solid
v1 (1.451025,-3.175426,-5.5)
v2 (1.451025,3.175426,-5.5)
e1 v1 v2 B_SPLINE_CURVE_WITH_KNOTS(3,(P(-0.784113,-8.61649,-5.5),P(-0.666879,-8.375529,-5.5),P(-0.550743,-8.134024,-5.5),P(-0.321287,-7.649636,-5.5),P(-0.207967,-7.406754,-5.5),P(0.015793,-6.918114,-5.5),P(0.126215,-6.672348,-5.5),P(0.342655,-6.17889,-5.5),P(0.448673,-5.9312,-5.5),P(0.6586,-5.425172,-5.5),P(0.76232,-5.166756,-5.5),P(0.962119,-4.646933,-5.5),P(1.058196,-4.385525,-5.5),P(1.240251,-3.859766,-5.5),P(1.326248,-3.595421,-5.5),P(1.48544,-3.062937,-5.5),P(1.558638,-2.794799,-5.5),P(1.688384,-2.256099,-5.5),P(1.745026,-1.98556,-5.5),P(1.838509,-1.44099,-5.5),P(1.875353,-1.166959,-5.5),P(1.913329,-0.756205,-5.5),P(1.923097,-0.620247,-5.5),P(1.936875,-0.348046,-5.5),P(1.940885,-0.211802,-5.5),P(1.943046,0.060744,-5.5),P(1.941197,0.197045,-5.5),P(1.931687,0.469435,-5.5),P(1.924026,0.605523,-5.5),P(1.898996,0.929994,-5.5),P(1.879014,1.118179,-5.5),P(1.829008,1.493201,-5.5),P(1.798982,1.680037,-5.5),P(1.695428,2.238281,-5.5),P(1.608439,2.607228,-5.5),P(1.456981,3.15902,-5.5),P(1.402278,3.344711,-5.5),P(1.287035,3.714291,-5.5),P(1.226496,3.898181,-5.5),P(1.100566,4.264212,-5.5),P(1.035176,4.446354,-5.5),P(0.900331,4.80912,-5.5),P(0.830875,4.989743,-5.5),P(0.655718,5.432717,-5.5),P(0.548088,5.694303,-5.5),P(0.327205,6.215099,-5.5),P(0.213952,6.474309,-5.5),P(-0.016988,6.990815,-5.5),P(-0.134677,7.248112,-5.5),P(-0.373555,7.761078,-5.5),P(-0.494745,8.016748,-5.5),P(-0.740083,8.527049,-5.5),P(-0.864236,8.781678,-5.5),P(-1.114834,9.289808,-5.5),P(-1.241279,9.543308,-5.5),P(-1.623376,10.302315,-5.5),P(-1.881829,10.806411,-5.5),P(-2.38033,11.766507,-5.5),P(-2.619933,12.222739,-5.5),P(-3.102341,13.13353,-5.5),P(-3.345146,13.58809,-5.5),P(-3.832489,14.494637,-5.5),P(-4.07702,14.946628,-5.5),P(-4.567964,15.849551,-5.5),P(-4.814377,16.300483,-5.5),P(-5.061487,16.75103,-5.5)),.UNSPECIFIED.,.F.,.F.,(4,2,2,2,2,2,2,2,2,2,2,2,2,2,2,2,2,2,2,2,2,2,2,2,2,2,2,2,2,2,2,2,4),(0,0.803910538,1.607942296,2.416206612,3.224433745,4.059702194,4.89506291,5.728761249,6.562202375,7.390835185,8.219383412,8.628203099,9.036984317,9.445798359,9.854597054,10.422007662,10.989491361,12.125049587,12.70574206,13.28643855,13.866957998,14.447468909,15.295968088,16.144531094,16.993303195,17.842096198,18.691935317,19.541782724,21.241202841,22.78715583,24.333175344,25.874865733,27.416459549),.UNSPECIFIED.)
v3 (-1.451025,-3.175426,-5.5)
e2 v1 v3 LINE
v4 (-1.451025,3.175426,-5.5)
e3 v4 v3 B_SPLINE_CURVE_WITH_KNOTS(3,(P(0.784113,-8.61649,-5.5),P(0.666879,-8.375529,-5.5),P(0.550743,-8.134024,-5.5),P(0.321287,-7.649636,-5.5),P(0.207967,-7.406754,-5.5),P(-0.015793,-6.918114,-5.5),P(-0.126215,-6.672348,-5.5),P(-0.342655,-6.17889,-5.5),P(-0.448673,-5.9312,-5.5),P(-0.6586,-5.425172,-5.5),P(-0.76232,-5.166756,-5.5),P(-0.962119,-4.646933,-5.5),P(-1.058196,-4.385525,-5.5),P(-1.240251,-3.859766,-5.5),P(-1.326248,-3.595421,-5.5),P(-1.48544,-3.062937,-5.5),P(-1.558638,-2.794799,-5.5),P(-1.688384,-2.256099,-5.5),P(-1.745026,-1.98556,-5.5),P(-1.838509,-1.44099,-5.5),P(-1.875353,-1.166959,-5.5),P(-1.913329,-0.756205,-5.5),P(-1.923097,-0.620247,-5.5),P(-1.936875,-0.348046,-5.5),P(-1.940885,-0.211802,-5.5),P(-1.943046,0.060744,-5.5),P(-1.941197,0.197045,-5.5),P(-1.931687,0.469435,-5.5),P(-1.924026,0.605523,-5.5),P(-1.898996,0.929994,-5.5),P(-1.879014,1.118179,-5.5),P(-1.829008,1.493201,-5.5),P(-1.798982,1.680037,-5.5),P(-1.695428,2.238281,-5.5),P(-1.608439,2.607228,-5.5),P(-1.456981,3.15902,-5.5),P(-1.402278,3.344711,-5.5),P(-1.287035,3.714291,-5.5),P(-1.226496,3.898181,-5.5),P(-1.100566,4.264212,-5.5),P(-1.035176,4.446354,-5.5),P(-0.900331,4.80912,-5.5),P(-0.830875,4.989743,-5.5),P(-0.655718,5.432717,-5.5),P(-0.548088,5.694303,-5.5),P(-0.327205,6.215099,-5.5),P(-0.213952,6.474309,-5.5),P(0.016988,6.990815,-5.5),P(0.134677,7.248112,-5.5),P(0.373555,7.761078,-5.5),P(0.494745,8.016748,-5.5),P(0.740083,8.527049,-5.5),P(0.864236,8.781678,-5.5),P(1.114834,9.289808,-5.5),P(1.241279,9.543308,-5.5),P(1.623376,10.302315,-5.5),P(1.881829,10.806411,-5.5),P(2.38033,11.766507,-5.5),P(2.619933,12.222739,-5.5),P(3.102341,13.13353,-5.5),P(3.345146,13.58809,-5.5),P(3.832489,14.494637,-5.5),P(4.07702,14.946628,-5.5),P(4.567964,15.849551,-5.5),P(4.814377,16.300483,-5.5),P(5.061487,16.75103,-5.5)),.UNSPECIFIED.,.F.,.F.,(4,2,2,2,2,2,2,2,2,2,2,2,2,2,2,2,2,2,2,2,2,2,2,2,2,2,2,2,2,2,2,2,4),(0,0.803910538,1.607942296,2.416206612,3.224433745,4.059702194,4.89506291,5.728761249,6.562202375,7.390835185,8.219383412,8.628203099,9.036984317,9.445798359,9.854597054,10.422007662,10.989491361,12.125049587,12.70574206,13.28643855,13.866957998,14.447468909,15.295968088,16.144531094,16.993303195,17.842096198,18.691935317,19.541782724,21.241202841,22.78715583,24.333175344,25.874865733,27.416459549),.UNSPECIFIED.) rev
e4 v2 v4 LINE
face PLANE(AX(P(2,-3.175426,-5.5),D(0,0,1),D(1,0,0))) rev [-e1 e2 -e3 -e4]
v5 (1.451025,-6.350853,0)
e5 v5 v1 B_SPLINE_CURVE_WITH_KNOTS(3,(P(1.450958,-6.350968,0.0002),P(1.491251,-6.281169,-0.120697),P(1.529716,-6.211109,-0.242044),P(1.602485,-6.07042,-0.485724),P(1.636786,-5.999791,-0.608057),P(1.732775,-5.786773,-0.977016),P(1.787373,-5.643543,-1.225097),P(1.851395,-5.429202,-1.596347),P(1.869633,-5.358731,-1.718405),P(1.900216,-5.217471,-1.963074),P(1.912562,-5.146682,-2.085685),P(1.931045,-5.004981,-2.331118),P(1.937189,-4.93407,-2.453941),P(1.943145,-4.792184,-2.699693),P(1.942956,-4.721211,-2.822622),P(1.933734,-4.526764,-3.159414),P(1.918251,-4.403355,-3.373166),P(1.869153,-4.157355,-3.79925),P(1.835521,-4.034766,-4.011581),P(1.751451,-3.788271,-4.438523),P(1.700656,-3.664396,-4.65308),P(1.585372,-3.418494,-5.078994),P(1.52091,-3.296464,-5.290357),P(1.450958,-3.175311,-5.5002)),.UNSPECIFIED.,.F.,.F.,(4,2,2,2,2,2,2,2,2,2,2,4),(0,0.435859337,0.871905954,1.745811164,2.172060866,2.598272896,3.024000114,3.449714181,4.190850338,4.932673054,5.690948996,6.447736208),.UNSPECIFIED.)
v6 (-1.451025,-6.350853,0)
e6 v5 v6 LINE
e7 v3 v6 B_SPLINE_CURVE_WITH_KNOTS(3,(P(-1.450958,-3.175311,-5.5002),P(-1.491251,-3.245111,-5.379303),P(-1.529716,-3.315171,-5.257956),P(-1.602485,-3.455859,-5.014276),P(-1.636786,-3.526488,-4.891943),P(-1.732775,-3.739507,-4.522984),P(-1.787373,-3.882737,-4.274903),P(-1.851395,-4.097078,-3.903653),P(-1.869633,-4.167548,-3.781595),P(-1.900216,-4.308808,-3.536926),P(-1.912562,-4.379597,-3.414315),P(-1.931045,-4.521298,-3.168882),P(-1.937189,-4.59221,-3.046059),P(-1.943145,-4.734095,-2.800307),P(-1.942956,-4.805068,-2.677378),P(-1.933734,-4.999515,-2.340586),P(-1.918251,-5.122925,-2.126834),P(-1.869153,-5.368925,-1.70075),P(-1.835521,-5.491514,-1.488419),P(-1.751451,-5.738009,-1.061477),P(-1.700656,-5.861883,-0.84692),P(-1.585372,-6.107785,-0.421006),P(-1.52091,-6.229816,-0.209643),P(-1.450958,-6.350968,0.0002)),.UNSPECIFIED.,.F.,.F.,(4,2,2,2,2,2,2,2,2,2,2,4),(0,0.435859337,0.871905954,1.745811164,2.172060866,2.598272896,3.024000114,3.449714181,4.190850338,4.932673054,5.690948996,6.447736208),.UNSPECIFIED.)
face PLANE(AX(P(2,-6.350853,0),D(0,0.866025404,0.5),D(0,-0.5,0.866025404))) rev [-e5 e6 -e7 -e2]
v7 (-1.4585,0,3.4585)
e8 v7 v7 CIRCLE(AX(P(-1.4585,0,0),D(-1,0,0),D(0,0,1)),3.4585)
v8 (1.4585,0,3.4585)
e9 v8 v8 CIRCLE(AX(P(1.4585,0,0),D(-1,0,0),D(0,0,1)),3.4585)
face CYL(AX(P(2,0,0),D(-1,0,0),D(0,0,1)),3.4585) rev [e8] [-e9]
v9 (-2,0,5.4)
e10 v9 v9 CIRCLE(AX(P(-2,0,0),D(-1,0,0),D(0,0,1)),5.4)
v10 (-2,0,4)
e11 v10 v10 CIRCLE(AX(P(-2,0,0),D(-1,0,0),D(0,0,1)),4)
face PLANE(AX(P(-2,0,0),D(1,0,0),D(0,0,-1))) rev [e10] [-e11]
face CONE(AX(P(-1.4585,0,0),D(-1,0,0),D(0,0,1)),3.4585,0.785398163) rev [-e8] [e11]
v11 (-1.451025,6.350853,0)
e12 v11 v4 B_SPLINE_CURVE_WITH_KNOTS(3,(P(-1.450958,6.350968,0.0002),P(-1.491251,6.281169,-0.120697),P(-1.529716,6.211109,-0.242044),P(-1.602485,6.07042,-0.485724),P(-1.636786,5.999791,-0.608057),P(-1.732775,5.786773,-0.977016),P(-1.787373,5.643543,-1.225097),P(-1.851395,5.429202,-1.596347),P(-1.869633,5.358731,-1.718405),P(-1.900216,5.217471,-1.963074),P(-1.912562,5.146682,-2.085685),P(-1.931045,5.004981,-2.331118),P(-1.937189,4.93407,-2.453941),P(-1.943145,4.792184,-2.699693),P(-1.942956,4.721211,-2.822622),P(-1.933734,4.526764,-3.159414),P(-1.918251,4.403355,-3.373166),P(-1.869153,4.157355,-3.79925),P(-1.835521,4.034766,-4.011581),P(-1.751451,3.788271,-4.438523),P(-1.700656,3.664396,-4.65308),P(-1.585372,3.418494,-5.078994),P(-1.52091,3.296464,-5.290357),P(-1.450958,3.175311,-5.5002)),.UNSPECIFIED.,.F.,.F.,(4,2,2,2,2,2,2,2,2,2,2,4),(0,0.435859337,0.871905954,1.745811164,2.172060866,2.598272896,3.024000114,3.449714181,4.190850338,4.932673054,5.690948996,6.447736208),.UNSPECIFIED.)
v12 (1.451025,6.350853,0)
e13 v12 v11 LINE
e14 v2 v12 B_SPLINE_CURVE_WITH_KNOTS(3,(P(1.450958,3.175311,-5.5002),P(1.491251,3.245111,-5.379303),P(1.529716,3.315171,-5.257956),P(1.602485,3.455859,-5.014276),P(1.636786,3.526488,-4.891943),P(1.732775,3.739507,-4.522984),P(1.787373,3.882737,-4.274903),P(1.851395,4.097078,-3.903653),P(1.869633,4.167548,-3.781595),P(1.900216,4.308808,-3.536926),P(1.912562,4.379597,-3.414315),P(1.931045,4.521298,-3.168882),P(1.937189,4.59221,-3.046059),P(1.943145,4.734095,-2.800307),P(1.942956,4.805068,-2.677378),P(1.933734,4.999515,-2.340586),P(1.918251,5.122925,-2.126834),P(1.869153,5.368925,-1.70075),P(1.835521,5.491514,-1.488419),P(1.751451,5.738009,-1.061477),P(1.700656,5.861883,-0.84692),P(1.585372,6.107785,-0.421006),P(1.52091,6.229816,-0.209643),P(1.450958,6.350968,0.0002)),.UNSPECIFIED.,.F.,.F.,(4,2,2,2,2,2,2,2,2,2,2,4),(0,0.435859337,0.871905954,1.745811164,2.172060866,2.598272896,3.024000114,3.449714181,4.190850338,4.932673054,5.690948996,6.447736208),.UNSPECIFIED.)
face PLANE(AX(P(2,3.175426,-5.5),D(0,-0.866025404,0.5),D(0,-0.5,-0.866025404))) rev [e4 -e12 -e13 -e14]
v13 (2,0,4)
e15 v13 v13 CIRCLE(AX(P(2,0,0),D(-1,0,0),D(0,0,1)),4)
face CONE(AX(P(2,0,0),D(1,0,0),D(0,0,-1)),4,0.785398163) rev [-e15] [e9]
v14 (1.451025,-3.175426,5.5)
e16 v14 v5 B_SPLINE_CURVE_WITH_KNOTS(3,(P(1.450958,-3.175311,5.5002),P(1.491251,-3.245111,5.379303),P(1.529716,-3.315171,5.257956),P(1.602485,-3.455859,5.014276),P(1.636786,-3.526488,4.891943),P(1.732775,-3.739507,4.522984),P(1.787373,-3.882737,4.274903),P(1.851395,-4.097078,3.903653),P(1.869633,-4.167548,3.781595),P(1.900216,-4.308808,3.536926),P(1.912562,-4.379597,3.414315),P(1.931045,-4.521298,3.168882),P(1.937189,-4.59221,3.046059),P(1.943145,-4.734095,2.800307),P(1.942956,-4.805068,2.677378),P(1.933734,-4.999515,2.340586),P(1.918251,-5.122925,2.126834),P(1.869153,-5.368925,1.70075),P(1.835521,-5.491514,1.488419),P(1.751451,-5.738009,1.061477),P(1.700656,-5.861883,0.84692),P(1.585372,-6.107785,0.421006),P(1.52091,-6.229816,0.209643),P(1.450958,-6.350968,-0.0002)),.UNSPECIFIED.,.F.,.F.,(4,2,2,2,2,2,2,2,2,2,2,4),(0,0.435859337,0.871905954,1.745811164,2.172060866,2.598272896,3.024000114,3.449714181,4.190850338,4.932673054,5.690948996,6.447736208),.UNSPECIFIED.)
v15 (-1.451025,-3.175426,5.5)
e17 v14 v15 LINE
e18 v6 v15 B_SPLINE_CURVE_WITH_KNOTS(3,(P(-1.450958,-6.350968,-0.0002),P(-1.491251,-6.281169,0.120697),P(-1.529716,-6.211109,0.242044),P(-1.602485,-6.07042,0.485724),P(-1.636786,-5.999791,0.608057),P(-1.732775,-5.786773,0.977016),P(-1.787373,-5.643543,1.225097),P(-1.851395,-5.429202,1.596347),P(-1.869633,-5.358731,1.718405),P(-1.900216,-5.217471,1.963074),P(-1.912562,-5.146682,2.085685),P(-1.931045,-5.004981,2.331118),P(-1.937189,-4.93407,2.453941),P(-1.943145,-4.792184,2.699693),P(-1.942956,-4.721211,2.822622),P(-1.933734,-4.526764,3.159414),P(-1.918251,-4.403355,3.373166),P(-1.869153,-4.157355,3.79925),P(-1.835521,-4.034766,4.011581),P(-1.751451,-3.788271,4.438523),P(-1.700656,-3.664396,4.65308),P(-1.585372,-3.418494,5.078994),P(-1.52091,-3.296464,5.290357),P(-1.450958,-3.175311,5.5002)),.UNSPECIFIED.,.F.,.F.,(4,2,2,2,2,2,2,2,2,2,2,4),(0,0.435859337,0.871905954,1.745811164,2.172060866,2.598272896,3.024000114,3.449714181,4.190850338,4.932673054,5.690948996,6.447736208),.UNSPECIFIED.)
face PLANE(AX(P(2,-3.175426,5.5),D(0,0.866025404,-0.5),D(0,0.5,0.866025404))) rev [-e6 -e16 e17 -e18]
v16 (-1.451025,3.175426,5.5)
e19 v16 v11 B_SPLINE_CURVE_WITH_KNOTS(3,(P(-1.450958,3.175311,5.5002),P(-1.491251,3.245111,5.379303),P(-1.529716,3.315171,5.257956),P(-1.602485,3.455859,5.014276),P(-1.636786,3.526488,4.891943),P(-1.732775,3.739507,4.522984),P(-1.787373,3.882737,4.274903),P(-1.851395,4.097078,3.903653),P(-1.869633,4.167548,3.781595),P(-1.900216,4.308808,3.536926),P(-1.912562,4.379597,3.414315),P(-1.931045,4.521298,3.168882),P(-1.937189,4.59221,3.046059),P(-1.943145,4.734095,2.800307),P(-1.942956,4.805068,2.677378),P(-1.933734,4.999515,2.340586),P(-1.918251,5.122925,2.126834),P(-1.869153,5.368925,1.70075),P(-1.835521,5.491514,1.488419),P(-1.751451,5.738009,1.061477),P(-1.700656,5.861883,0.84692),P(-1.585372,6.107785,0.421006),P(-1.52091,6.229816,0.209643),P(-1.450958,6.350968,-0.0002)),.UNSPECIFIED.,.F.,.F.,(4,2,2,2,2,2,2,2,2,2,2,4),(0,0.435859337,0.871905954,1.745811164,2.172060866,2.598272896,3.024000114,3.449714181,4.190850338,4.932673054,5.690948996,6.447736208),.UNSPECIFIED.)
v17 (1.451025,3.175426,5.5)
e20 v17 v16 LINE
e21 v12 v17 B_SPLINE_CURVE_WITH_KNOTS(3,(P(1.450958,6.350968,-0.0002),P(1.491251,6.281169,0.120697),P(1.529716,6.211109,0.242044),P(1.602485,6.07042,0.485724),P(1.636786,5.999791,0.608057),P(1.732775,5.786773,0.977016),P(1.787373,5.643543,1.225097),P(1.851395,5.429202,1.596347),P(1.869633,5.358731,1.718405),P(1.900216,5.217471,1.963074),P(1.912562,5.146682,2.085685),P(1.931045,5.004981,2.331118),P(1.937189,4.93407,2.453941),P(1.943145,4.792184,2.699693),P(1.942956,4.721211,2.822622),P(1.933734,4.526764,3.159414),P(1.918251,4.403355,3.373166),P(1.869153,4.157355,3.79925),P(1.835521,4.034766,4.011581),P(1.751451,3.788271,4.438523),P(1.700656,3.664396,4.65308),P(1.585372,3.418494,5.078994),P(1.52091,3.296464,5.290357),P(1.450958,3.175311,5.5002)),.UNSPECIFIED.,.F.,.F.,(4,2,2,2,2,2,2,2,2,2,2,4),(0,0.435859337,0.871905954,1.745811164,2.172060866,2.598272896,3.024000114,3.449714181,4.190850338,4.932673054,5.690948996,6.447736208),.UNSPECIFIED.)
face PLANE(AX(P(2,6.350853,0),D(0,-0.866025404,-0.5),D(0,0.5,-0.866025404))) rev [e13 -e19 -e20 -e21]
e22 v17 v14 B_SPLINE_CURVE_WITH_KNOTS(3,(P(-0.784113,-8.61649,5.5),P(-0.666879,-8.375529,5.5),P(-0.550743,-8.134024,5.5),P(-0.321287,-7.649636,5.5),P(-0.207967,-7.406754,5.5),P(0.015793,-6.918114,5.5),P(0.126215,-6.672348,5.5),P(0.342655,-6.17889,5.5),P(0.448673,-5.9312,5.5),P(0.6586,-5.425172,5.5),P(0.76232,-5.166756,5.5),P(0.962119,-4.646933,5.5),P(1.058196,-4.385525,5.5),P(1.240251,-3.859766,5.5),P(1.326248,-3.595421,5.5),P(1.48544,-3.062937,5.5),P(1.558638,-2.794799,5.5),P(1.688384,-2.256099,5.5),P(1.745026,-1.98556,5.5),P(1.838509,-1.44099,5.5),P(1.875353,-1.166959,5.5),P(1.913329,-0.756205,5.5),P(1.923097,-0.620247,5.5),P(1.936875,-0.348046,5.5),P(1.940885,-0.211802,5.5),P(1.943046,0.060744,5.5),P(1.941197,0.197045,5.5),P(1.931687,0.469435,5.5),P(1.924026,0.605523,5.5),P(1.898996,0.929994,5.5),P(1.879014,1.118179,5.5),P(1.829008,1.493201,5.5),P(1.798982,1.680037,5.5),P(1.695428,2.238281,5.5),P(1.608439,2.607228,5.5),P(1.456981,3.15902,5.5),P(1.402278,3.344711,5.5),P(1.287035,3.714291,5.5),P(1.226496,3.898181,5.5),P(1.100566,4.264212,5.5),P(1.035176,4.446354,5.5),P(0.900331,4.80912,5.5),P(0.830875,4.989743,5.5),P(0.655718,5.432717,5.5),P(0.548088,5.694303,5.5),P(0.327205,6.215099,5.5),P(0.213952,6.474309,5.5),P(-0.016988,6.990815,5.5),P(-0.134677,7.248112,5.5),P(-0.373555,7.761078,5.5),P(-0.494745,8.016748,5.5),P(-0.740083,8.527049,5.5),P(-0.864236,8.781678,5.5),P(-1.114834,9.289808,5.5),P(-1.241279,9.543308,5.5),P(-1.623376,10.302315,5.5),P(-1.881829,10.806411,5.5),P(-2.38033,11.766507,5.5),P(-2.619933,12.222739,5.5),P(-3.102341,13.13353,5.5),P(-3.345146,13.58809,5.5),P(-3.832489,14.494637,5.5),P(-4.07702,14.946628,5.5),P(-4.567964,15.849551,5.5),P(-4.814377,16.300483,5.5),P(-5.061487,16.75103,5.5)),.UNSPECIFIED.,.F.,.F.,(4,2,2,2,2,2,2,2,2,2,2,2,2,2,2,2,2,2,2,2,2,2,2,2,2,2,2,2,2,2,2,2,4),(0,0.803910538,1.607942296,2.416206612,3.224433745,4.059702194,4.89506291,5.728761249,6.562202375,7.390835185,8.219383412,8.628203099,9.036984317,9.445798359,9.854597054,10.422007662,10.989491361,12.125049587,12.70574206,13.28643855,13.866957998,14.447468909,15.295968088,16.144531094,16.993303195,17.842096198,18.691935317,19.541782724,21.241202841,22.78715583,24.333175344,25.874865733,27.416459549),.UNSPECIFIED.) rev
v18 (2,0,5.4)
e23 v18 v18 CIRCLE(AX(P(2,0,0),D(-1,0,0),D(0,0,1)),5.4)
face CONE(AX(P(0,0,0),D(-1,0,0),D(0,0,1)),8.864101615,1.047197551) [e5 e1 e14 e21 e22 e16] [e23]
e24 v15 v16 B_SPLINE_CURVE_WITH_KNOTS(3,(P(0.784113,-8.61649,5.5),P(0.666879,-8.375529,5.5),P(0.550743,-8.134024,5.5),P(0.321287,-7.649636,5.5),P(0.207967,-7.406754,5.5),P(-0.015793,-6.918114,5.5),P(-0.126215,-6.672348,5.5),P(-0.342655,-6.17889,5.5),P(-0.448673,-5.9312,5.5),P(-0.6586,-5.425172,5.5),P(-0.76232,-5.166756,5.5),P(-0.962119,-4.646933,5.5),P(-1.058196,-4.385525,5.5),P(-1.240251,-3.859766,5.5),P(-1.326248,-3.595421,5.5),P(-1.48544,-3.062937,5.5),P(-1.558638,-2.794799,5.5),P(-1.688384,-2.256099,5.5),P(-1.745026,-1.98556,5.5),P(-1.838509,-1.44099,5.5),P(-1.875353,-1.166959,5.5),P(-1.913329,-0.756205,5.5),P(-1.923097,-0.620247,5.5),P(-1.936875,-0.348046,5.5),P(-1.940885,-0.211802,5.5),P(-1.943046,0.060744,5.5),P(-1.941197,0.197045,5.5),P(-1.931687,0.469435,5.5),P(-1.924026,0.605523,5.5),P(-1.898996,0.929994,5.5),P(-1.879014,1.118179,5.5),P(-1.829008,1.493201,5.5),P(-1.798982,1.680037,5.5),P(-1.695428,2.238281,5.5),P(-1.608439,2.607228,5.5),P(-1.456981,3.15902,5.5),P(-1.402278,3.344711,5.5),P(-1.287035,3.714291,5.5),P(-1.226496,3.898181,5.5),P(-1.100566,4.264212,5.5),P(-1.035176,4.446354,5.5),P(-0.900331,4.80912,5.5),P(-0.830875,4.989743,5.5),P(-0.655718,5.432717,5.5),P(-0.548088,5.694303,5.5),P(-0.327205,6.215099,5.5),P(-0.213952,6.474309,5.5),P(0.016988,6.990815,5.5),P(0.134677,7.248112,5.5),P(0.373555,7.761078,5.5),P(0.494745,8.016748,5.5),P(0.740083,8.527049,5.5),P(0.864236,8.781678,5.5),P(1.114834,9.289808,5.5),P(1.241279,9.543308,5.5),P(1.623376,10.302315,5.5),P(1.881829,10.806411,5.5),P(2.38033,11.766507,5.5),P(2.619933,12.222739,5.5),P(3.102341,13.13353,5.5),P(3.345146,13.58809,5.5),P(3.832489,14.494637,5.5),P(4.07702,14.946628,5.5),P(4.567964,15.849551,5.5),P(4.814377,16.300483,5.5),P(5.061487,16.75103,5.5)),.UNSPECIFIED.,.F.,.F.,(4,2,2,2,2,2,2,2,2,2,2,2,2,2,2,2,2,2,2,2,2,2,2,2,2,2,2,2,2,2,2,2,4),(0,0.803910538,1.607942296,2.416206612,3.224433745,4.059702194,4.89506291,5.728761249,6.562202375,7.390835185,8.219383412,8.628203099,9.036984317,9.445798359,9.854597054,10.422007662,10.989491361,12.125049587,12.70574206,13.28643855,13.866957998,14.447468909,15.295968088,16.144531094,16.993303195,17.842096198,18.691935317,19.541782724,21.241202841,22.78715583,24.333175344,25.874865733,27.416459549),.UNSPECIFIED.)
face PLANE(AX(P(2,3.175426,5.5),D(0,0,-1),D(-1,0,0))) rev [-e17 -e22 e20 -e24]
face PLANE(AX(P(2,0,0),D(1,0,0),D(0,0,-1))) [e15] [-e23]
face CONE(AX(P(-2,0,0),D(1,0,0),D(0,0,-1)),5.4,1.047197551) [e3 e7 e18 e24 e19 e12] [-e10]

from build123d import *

# Parameters (mm, degrees)
EXTRUDE_1_DEPTH      = 2
EXTRUDE_1_DEPTH_BACK = 2


with BuildPart() as part:
    # 草图1 → 凸台-拉伸1 (new, two sides: drawn at the far end of the back side and taken through both)
    with BuildSketch(Plane(origin=(0, 0, 0), x_dir=(0, 0, -1), z_dir=(1, 0, 0)).offset(-EXTRUDE_1_DEPTH_BACK)):
        Polygon((-5.5, -3.175426481), (0, -6.350852961), (5.5, -3.175426481), (5.5, 3.175426481), (0, 6.350852961), (-5.5, 3.175426481), align=None)
    extrude(amount=EXTRUDE_1_DEPTH + EXTRUDE_1_DEPTH_BACK)

    # 草图2 → 切除-旋转1 (revolve, cut)
    with BuildSketch(Plane.XY):
        Polygon((-2, 0), (-2, 4), (-1.4585, 3.4585), (1.4585, 3.4585), (2, 4), (2, 0), align=None)
    revolve(axis=Axis((2, 0, 0), (-1, 0, 0)), mode=Mode.SUBTRACT)

    # 草图3 → 切除-旋转2 (revolve, cut)
    with BuildSketch(Plane.XY):
        Polygon((-7, 1), (-2, 1), (-2, 5.4), (0, 8.864101615), (2, 5.4), (2, 1), (7, 1), (7, 13.4), (-7, 13.4), align=None)
    revolve(axis=Axis((50, 0, 0), (-1, 0, 0)), mode=Mode.SUBTRACT)


solid = part.part
